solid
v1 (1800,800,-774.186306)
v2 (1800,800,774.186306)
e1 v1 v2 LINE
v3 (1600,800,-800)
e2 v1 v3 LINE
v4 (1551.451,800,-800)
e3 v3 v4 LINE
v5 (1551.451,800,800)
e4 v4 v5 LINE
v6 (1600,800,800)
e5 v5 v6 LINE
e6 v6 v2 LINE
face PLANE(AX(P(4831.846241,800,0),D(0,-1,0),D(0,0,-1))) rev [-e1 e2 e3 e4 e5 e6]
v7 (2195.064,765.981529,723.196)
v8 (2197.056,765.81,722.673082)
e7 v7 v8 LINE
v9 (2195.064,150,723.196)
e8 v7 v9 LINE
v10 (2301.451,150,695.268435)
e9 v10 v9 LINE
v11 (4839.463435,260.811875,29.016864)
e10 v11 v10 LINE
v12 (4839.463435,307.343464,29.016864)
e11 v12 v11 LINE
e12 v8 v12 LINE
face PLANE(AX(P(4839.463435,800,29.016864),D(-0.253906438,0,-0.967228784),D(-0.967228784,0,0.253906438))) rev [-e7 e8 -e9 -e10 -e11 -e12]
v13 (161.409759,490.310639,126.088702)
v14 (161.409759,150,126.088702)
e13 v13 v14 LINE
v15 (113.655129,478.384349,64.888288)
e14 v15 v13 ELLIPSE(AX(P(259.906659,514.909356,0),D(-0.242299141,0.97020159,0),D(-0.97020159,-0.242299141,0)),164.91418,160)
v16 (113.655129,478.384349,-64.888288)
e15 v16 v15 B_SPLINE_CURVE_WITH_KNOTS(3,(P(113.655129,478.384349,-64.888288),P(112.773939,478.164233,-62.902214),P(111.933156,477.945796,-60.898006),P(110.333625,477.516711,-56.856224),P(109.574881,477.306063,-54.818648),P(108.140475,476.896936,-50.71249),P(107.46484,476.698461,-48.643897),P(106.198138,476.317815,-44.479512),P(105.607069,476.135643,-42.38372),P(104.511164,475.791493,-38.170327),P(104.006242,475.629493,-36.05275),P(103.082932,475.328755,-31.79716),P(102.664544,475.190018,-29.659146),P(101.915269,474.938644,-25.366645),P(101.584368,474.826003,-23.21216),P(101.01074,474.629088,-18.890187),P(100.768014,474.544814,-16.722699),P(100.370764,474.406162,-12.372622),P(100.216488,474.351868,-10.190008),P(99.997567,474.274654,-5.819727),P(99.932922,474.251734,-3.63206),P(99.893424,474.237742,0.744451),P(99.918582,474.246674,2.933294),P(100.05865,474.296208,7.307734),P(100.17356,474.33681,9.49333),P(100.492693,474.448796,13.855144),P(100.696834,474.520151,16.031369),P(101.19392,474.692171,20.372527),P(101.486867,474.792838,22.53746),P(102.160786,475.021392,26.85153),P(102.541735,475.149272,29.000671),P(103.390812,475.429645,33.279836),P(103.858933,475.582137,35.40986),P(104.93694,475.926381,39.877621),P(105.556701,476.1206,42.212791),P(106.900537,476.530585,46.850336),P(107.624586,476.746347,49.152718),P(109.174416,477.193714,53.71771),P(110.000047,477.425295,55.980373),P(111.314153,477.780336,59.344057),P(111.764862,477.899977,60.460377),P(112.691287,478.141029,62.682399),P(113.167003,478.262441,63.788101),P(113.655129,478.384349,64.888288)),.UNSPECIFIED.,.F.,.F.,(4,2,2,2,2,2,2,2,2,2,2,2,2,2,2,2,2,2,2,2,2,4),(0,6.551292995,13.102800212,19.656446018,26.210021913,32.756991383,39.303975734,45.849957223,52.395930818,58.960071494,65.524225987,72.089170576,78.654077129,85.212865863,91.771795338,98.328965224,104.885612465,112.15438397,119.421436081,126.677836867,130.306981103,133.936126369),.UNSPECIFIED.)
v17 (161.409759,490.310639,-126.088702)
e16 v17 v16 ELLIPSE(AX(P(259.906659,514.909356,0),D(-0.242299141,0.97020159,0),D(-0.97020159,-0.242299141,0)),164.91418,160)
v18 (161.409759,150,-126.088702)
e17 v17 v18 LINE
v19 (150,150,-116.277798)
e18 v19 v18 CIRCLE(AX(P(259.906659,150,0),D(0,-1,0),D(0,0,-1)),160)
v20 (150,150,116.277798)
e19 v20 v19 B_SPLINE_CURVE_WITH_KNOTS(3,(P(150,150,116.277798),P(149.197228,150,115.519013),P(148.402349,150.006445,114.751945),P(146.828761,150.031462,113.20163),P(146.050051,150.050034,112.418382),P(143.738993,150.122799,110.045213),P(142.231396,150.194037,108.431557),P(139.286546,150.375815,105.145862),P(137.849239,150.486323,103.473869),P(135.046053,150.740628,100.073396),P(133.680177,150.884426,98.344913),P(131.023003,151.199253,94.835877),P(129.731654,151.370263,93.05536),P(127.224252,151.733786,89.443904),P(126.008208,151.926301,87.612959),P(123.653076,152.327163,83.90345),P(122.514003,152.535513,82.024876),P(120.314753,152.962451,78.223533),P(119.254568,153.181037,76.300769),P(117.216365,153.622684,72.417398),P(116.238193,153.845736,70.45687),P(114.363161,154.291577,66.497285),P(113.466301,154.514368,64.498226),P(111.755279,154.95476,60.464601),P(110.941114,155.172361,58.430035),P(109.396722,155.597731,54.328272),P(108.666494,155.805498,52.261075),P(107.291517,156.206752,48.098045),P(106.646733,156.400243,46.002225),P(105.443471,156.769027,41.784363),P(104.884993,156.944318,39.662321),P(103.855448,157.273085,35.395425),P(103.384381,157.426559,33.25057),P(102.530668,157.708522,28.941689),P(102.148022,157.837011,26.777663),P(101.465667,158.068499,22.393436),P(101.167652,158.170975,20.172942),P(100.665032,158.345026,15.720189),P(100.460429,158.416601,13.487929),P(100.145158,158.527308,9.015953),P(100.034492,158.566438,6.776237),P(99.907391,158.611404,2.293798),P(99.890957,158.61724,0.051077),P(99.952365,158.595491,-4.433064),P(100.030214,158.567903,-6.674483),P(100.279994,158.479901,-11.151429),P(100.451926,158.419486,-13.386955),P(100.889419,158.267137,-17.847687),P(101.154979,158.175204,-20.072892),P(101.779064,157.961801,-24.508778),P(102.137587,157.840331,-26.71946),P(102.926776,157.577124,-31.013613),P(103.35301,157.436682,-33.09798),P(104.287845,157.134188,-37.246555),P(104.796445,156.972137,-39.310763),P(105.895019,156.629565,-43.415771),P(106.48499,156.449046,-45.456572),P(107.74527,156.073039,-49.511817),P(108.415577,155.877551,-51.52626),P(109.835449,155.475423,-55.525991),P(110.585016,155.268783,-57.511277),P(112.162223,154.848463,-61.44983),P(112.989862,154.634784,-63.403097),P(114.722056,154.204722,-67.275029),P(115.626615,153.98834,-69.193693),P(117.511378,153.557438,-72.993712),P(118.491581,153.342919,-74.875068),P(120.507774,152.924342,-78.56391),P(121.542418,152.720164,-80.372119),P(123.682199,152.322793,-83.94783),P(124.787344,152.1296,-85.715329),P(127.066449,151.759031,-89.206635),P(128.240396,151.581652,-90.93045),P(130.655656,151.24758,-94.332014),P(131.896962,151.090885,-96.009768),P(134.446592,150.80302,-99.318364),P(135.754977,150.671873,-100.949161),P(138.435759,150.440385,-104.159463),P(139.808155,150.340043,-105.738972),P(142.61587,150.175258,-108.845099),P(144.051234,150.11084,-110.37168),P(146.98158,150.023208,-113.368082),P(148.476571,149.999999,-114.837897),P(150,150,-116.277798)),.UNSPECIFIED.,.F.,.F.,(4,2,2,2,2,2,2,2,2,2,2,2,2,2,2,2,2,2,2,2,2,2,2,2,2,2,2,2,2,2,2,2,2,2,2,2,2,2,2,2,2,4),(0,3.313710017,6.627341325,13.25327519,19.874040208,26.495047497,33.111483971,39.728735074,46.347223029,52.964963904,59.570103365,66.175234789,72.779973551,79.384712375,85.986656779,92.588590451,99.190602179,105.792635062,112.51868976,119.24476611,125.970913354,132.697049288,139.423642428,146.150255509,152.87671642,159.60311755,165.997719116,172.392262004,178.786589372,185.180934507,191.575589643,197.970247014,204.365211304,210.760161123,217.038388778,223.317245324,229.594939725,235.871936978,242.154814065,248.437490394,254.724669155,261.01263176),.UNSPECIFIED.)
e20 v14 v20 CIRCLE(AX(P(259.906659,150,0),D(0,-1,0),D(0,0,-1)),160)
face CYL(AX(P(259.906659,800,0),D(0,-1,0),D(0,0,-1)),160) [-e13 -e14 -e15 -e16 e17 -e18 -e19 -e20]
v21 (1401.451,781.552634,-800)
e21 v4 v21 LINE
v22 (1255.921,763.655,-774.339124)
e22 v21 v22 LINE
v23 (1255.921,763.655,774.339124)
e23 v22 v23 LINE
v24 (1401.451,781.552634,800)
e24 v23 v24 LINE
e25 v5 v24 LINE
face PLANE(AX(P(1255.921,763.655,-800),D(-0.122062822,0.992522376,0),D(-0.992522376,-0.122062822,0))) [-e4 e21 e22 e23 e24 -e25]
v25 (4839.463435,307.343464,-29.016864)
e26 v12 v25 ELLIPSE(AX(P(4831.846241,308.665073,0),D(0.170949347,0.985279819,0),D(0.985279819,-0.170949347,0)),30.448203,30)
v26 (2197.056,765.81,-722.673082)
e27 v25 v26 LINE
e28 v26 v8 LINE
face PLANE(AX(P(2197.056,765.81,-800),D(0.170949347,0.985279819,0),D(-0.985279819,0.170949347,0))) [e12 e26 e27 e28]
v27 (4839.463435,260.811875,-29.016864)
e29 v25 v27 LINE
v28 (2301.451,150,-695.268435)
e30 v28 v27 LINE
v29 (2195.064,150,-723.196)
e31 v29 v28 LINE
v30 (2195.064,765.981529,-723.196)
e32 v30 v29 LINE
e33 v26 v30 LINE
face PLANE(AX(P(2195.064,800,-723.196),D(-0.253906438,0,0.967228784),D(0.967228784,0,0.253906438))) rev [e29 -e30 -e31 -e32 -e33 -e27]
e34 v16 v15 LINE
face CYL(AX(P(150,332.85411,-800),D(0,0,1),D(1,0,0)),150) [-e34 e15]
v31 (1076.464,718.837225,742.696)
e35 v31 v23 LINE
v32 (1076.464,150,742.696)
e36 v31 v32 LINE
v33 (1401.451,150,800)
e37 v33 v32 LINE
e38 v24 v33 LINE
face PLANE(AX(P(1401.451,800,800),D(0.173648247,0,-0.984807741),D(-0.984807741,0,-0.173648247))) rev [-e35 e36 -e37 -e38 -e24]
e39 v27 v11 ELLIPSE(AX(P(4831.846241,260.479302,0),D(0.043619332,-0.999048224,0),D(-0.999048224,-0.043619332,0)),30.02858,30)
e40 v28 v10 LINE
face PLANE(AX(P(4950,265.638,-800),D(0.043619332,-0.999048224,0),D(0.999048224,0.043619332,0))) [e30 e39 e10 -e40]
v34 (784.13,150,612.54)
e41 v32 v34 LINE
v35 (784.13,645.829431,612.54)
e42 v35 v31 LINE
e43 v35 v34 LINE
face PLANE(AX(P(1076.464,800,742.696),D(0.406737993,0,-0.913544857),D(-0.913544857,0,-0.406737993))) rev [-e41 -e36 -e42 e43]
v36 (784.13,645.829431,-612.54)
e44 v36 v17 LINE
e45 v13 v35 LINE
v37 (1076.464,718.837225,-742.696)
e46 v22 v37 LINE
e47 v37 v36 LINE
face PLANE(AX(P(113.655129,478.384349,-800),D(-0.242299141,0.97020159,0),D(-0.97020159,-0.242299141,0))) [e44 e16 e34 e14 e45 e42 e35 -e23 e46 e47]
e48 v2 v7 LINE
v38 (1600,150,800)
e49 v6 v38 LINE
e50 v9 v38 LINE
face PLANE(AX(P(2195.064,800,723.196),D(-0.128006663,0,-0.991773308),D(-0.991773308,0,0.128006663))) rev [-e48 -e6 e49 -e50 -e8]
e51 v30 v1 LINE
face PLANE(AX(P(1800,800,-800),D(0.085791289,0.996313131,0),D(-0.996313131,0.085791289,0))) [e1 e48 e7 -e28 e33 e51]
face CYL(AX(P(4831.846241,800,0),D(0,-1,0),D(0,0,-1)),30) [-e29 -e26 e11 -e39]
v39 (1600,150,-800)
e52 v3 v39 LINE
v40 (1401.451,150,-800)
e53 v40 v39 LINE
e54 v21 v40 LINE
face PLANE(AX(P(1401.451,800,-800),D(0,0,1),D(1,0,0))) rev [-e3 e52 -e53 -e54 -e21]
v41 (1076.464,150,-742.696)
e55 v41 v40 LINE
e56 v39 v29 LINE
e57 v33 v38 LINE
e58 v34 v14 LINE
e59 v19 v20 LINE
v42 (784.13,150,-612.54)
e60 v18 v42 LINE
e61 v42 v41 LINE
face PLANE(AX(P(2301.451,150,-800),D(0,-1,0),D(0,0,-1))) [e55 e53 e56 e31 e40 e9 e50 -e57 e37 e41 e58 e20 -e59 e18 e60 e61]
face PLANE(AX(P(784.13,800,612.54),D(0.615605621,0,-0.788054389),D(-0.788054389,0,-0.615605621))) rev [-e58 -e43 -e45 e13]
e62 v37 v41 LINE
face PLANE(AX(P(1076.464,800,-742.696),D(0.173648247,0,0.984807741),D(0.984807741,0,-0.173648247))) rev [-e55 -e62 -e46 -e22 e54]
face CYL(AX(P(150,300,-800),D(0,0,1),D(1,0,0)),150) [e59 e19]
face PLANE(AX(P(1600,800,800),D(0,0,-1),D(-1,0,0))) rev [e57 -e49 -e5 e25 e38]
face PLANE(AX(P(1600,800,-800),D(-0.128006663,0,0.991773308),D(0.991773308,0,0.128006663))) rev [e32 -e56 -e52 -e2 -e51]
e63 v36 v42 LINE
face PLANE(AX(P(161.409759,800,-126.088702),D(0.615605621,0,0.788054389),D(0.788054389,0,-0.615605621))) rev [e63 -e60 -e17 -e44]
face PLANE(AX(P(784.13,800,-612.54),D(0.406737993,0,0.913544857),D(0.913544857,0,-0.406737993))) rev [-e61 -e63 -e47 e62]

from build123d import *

# Parameters (mm, degrees)
TOPVIEW_EXTRUDE_DEPTH      = 800
SIDEPROFILE_CUT_DEPTH      = 4992.748078174
SIDEPROFILE_CUT_DEPTH_BACK = 4992.748078174
SKETCH2_OUTSIDE_W          = 5781.309
SKETCH2_OUTSIDE_H          = 1819.37


with BuildPart() as part:
    # Sketch1 → TopView_Extrude (new body)
    with BuildSketch(Plane(origin=(0, 0, 0), x_dir=(1, 0, 0), z_dir=(0, 1, 0))):
        with BuildLine():
            Line((161.409759475, 126.088702216), (784.13, 612.54))
            Line((784.13, 612.54), (1076.464, 742.696))
            Line((1076.464, 742.696), (1401.451, 800))
            Line((1401.451, 800), (1600, 800))
            Line((1600, 800), (2195.064, 723.196))
            Line((2195.064, 723.196), (4839.463434647, 29.016863519))
            ThreePointArc((4839.463434647, 29.016863519), (4861.846241497, 0), (4839.463434647, -29.016863519))
            Line((4839.463434647, -29.016863519), (2195.064, -723.196))
            Line((2195.064, -723.196), (1600, -800))
            Line((1600, -800), (1401.451, -800))
            Line((1401.451, -800), (1076.464, -742.696))
            Line((1076.464, -742.696), (784.13, -612.54))
            Line((784.13, -612.54), (161.409759475, -126.088702216))
            ThreePointArc((161.409759475, -126.088702216), (99.906658784, 0), (161.409759475, 126.088702216))
        make_face()
    extrude(amount=TOPVIEW_EXTRUDE_DEPTH)

    # Sketch2 outside → SideProfile_Cut (cut, two sides: drawn at the far end of the back side and taken through both)
    with BuildSketch(Plane.XY.offset(-SIDEPROFILE_CUT_DEPTH_BACK)):
        with Locations((2480.8765, 400)):
            Rectangle(SKETCH2_OUTSIDE_W, SKETCH2_OUTSIDE_H)
        with BuildLine():
            Line((0, 300), (0, 332.854109989))
            ThreePointArc((0, 332.854109989), (31.780435884, 425.180350356), (113.655128803, 478.384348558))
            Line((113.655128803, 478.384348558), (1255.921, 763.655))
            Line((1255.921, 763.655), (1551.451, 800))
            Line((1551.451, 800), (1800, 800))
            Line((1800, 800), (2197.056, 765.81))
            Line((2197.056, 765.81), (4950, 288.165))
            Line((4950, 288.165), (4950, 265.638))
            Line((4950, 265.638), (2301.451, 150))
            Line((2301.451, 150), (150, 150))
            ThreePointArc((150, 150), (43.933982822, 193.933982822), (0, 300))
        make_face(mode=Mode.SUBTRACT)
    extrude(amount=SIDEPROFILE_CUT_DEPTH + SIDEPROFILE_CUT_DEPTH_BACK, mode=Mode.SUBTRACT)


solid = part.part
